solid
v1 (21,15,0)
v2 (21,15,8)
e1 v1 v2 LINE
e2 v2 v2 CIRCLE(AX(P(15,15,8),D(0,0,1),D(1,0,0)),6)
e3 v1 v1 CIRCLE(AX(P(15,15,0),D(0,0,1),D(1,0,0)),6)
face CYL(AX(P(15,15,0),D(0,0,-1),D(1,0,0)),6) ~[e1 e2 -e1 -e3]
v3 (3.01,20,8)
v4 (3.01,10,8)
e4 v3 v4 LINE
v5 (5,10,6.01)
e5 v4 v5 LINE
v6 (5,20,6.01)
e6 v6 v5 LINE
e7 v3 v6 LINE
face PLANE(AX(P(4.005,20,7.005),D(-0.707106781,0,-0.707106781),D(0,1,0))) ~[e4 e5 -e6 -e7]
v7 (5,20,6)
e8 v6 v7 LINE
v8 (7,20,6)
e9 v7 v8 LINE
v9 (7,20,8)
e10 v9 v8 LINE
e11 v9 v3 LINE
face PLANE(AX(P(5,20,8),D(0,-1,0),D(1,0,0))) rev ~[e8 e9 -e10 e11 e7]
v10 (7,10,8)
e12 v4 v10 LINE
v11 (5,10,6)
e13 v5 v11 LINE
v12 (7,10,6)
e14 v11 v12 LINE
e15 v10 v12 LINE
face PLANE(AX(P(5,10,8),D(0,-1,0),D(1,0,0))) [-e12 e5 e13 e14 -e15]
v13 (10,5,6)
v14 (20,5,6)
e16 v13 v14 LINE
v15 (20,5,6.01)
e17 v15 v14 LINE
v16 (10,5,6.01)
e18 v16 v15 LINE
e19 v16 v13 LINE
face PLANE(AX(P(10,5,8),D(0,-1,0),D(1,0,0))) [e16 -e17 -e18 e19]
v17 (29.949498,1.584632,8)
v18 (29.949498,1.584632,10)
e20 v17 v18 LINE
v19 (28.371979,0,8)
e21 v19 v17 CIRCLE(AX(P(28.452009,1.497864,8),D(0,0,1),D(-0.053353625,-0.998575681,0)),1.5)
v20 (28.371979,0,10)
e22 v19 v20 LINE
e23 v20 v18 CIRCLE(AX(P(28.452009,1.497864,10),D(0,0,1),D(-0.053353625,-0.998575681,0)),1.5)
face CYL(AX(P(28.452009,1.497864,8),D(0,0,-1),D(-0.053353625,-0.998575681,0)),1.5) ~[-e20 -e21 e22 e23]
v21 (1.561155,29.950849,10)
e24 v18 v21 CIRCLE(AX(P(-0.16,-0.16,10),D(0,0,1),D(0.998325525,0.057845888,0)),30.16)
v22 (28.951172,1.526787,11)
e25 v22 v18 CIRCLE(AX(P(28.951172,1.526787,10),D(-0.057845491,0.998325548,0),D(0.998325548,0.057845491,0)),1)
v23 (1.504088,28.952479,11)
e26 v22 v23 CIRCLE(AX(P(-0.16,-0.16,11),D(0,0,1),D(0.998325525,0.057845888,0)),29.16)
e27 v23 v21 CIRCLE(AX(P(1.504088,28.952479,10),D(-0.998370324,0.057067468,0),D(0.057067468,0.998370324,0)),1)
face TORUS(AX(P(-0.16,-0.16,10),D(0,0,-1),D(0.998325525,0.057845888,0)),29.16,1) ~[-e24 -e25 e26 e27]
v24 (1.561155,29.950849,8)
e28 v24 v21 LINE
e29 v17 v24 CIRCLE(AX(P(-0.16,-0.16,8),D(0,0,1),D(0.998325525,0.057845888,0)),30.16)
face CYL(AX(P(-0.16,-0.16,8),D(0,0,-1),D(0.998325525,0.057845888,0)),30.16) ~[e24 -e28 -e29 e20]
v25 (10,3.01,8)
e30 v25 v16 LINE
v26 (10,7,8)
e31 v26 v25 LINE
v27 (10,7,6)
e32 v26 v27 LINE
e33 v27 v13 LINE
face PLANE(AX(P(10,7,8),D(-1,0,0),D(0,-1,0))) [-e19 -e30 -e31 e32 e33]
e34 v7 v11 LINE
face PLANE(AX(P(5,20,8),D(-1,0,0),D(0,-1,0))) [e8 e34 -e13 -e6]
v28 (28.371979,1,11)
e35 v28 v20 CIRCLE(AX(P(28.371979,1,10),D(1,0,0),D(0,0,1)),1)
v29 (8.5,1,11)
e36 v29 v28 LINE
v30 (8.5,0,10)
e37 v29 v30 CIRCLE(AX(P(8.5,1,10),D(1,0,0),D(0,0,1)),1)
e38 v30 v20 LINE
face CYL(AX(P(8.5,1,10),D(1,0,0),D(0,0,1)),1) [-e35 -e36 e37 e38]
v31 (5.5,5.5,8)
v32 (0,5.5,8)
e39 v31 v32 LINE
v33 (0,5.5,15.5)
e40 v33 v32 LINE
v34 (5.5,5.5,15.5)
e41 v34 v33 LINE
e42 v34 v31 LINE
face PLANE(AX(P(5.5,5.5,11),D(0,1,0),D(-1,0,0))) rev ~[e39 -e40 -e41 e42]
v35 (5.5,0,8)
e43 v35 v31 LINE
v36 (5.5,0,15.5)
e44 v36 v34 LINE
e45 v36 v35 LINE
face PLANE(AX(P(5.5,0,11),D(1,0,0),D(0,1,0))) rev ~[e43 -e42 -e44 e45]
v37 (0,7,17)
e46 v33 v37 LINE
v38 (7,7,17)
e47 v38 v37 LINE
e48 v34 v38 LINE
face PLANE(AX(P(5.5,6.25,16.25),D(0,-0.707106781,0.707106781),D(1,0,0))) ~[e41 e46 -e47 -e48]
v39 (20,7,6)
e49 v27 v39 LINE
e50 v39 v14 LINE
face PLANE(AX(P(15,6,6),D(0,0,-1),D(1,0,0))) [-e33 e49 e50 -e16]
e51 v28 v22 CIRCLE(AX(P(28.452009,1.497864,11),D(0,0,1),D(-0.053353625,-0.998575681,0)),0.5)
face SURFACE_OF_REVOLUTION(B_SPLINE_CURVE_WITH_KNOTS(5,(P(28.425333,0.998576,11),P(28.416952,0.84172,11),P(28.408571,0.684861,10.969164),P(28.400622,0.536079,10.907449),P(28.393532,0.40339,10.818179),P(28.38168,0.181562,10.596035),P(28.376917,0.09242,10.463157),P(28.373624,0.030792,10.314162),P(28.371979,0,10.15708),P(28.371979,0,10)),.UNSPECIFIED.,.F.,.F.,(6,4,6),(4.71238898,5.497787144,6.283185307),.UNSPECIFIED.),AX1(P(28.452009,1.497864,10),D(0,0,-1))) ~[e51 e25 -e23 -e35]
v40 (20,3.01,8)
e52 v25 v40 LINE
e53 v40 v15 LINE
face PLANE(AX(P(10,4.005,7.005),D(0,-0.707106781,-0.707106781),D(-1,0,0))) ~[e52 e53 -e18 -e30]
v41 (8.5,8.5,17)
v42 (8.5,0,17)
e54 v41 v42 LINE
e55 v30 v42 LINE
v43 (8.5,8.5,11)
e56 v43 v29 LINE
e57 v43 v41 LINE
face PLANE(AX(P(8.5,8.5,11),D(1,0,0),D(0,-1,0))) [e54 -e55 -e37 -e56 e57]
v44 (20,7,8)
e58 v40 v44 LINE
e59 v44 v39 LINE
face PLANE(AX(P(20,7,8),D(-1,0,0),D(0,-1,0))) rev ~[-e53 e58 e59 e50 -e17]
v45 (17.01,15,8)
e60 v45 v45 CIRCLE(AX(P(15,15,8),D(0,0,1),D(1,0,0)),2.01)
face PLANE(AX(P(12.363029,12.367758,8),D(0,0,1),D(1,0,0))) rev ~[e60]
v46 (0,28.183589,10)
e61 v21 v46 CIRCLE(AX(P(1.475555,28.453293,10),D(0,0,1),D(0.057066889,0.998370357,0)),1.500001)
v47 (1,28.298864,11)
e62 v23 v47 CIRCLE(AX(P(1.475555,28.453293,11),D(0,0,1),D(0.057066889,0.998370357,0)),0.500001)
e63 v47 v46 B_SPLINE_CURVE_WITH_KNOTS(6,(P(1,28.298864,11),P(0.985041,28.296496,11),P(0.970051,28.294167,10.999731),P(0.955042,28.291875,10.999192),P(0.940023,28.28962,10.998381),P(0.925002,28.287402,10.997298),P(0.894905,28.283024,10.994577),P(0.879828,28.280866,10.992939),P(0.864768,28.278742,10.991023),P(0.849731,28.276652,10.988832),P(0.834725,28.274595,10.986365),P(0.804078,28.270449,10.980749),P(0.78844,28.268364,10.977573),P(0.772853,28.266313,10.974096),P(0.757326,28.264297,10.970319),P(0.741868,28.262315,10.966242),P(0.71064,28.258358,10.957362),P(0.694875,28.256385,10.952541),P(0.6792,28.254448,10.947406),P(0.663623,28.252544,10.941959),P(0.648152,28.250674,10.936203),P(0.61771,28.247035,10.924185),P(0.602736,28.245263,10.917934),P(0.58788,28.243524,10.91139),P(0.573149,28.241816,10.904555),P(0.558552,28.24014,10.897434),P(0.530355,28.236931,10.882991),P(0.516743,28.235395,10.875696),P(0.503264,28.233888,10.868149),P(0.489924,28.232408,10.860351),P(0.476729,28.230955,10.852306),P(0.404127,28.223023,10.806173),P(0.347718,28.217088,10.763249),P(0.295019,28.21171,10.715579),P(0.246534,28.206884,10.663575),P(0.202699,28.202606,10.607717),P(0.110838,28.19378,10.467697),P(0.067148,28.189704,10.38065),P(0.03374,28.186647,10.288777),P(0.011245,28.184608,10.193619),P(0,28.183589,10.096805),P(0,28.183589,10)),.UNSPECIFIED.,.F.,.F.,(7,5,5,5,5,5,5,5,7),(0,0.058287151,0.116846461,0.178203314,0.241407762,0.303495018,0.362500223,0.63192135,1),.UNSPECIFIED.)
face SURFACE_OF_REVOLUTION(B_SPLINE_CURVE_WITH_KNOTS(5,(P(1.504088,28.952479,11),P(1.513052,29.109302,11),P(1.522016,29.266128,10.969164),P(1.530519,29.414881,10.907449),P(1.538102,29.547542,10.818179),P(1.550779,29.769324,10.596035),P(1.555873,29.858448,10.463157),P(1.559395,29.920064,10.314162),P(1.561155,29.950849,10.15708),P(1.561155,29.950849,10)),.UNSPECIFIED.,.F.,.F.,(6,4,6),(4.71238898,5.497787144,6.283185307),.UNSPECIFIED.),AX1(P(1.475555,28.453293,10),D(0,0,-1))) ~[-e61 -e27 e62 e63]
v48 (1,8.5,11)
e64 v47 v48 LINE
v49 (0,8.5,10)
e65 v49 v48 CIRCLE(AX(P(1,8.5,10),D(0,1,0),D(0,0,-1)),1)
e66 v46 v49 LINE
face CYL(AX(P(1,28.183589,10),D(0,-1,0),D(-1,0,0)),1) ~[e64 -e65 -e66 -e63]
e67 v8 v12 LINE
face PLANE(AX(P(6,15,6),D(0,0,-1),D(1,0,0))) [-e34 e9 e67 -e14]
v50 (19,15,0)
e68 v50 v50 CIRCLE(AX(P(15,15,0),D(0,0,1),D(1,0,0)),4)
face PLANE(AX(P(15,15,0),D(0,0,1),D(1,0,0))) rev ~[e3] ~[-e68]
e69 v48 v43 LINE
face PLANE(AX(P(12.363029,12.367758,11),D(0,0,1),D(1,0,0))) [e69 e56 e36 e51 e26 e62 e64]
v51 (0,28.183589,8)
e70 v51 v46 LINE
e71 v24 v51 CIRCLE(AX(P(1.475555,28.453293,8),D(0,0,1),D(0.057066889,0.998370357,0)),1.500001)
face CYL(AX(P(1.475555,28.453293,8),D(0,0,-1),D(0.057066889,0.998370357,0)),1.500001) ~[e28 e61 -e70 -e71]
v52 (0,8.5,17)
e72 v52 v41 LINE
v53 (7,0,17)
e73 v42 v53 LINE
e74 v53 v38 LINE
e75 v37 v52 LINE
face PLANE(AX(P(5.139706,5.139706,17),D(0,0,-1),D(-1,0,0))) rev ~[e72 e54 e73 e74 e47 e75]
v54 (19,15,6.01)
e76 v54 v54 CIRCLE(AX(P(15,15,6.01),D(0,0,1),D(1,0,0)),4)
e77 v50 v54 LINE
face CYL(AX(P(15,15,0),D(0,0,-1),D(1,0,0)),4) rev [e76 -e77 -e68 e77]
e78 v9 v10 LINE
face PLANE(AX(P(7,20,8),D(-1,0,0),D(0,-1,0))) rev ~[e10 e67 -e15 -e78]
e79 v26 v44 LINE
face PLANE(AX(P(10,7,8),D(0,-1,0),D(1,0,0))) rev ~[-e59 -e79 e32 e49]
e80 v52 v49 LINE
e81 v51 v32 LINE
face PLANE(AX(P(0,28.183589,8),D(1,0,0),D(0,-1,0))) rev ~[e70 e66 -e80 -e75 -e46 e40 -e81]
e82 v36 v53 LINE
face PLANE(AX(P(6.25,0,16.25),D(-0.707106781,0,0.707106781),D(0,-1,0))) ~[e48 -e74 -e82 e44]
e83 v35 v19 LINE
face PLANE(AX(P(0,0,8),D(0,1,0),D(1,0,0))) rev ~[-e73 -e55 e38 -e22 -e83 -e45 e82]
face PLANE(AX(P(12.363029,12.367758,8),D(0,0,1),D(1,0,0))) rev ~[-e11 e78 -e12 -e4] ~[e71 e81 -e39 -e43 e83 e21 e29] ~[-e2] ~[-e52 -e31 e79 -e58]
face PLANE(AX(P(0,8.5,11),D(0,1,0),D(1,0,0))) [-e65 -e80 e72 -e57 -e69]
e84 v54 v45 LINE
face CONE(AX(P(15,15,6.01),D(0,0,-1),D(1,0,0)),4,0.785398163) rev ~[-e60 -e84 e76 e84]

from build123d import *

# Parameters (mm, degrees)
SKETCH_R        = 6
SKETCH_R_2      = 4
PAD_DEPTH       = 8
PAD001_DEPTH    = 3
SKETCH002_W     = 2
SKETCH002_H     = 10
SKETCH002_W_2   = 10
SKETCH002_H_2   = 2
PAD002_DEPTH    = 2
CHAMFER_SIZE    = 1.99
CHAMFER001_SIZE = 1.99
PAD003_DEPTH    = 6
PAD003_FACE20_W = 5.5
PAD003_FACE20_H = 5.5
POCKET_DEPTH    = 11.001
FILLET_R        = 1
CHAMFER002_SIZE = 1.5


with BuildPart() as part:
    # Sketch → Pad (new body)
    with BuildSketch(Plane.XY):
        with Locations((15, 15)):
            Circle(SKETCH_R)
        with Locations((15, 15)):
            Circle(SKETCH_R_2, mode=Mode.SUBTRACT)
    extrude(amount=PAD_DEPTH)

    # Sketch001 (on Face4 of Pad) → Pad001 (join)
    with BuildSketch(Plane.XY.offset(8)):
        with BuildLine():
            Line((0, 28.183589), (0, 0))
            Line((0, 0), (28.371979, 0))
            ThreePointArc((28.371979, 0), (29.515053, 0.439592), (29.949498, 1.584632))
            ThreePointArc((29.949498, 1.584632), (21.158025, 21.174653), (1.561155, 29.950849))
            ThreePointArc((1.561155, 29.950849), (0.351368, 29.446372), (0, 28.183589))
        make_face()
    extrude(amount=PAD001_DEPTH)

    # Sketch002 (on Face4 of Pad001) → Pad002 (join)
    with BuildSketch(Plane(origin=(0, 0, 8), x_dir=(1, 0, 0), z_dir=(0, 0, -1))):
        with Locations((6, -15)):
            Rectangle(SKETCH002_W, SKETCH002_H)
        with Locations((15, -6)):
            Rectangle(SKETCH002_W_2, SKETCH002_H_2)
    extrude(amount=PAD002_DEPTH)

    # Chamfer
    chamfer_edges = [part.edges().sort_by_distance(p)[0] for p in [
        (11, 15, 8),
    ]]
    chamfer(chamfer_edges, length=CHAMFER_SIZE)

    # Chamfer001
    chamfer001_edges = [part.edges().sort_by_distance(p)[0] for p in [
        (5, 15, 8),
        (15, 5, 8),
    ]]
    chamfer(chamfer001_edges, length=CHAMFER001_SIZE)

    # Sketch003 → Pad003 (join)
    with BuildSketch(Plane.XY.offset(11)):
        Polygon((0, 8.5), (8.5, 8.5), (8.5, 0), (5.5, 0), (5.5, 5.5), (0, 5.5), align=None)
    extrude(amount=PAD003_DEPTH)

    # Pad003 Face20 → Pocket (cut, through all)
    with BuildSketch(Plane(origin=(2.75, 2.75, 11), x_dir=(0, 1, 0), z_dir=(0, 0, 1))):
        Rectangle(PAD003_FACE20_W, PAD003_FACE20_H)
    extrude(amount=-POCKET_DEPTH, mode=Mode.SUBTRACT)

    # Fillet
    fillet_edges = [part.edges().sort_by_distance(p)[0] for p in [
        (29.515053, 0.439592, 11),
        (18.435989, 0, 11),
        (21.158025, 21.174653, 11),
        (0.351368, 29.446372, 11),
        (0, 18.341794, 11),
    ]]
    fillet(fillet_edges, radius=FILLET_R)

    # Chamfer002
    chamfer002_edges = [part.edges().sort_by_distance(p)[0] for p in [
        (2.75, 5.5, 17),
        (5.5, 2.75, 17),
    ]]
    chamfer(chamfer002_edges, length=CHAMFER002_SIZE)


solid = part.part
